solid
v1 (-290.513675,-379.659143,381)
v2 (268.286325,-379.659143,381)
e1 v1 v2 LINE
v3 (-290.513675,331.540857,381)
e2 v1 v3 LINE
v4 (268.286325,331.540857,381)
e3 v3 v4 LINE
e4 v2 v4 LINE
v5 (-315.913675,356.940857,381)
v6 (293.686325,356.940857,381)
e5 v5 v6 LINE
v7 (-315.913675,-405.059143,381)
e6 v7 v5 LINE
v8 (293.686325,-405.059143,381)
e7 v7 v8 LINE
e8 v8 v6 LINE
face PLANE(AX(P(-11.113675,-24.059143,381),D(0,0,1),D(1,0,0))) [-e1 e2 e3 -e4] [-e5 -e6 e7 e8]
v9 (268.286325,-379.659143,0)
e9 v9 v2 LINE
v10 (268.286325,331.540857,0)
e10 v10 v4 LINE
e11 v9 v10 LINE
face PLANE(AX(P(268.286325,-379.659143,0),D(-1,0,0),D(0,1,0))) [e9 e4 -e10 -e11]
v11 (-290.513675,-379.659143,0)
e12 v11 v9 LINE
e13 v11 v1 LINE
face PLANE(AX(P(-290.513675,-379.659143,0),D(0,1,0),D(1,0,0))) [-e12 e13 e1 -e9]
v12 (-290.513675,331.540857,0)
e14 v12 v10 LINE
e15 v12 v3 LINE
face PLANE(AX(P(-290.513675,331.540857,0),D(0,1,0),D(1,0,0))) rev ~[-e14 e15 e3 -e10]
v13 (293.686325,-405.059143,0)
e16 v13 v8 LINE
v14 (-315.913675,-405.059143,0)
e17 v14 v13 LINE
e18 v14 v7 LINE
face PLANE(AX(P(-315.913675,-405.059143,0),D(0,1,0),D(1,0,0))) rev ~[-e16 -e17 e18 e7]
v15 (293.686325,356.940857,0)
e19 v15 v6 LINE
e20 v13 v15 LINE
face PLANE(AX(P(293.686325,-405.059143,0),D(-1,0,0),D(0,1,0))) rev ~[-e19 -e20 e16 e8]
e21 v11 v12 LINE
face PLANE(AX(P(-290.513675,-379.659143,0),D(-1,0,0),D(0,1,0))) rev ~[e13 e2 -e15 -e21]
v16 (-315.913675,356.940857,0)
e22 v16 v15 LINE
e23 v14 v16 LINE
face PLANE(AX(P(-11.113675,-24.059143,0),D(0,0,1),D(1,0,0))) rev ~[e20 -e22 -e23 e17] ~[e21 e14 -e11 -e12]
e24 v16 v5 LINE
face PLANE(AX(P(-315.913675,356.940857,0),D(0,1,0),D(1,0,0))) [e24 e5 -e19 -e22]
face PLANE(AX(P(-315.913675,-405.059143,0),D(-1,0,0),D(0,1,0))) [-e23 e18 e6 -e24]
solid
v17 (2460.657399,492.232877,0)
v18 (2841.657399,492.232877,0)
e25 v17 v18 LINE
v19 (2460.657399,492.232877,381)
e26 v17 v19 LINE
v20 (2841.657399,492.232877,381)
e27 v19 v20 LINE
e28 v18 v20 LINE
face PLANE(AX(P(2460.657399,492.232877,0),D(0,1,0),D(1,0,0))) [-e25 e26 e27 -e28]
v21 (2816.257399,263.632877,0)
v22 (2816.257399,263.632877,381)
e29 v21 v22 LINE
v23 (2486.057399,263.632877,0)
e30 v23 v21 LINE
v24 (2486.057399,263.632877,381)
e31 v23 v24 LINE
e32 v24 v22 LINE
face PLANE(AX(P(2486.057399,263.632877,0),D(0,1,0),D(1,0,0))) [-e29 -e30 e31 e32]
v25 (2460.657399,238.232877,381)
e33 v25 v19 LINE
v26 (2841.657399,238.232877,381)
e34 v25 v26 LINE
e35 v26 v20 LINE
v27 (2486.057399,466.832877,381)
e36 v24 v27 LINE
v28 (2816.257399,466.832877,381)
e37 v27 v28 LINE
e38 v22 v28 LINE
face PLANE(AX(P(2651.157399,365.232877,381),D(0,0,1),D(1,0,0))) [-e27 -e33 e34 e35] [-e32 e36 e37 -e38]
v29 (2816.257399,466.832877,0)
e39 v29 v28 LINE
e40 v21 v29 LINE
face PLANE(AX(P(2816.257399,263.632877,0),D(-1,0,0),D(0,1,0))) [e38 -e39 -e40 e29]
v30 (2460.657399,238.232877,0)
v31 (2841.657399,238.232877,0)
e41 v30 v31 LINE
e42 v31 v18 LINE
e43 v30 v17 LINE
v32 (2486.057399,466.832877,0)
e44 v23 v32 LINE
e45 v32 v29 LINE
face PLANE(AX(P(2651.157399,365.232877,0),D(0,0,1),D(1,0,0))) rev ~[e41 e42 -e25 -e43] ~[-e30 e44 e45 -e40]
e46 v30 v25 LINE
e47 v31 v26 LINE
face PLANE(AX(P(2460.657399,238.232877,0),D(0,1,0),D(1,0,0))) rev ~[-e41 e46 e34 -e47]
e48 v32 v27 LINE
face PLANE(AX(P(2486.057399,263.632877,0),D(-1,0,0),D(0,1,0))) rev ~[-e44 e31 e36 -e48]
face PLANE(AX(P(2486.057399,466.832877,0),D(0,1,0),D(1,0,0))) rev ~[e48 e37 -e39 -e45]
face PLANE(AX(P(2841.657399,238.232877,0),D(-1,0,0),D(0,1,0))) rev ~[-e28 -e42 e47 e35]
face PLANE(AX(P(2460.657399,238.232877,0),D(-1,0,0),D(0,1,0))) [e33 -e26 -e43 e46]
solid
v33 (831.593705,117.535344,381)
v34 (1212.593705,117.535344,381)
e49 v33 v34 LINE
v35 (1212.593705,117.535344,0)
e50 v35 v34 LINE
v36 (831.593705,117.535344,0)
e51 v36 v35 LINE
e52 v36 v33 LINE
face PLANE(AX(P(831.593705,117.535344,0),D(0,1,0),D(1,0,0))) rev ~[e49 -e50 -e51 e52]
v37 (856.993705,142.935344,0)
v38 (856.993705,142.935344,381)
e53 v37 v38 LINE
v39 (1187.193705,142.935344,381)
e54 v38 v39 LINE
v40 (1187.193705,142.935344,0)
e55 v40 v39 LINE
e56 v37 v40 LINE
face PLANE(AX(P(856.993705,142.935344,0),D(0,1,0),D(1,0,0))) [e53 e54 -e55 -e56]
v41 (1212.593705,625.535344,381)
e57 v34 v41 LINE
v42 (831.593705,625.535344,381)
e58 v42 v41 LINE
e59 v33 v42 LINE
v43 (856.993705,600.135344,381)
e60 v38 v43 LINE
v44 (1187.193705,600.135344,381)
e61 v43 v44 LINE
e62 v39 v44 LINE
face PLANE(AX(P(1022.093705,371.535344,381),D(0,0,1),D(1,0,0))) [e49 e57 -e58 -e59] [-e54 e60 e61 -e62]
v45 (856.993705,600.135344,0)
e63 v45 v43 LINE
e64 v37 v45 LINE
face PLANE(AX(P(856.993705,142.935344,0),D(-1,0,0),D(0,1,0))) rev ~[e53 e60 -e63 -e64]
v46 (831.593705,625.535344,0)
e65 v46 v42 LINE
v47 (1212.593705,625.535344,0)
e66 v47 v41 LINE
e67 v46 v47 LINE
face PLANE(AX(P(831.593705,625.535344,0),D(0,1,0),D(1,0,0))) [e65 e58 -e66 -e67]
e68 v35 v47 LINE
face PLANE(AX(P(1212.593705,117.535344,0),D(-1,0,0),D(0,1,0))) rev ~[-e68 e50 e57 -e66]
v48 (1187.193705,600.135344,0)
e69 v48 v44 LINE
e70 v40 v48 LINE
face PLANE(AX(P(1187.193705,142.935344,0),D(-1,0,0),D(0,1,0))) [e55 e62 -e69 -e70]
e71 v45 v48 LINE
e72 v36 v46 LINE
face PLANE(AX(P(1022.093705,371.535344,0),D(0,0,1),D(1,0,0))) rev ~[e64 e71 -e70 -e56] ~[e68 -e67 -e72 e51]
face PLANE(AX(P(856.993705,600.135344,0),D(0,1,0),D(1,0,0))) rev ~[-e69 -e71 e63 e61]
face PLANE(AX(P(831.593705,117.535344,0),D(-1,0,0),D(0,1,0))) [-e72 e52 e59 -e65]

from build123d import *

# Parameters (mm, degrees)
F0_W     = 609.6
F0_H     = 762
F0_W_2   = 558.8
F0_H_2   = 711.2
F1_DEPTH = 381
F2_W     = 381
F2_H     = 508
F2_W_2   = 330.2
F2_H_2   = 457.2
F3_DEPTH = 381
F4_W     = 381
F4_H     = 254
F4_W_2   = 330.2
F4_H_2   = 203.2
F5_DEPTH = 381


with BuildPart() as f1:
    # F0 (on Top) → F1 (new body)
    with BuildSketch(Plane.XY):
        with Locations((-11.113675, -24.059143)):
            Rectangle(F0_W, F0_H)
        with Locations((-11.113675, -24.059143)):
            Rectangle(F0_W_2, F0_H_2, mode=Mode.SUBTRACT)
    extrude(amount=F1_DEPTH)


with BuildPart() as f3:
    # F2 (on Top) → F3 (new body)
    with BuildSketch(Plane.XY):
        with Locations((1022.093705, 371.535344)):
            Rectangle(F2_W, F2_H)
        with Locations((1022.093705, 371.535344)):
            Rectangle(F2_W_2, F2_H_2, mode=Mode.SUBTRACT)
    extrude(amount=F3_DEPTH)


with BuildPart() as f5:
    # F4 (on Top) → F5 (new body)
    with BuildSketch(Plane.XY):
        with Locations((2651.157399, 365.232877)):
            Rectangle(F4_W, F4_H)
        with Locations((2651.157399, 365.232877)):
            Rectangle(F4_W_2, F4_H_2, mode=Mode.SUBTRACT)
    extrude(amount=F5_DEPTH)


solid = Compound([f1.part, f3.part, f5.part])
